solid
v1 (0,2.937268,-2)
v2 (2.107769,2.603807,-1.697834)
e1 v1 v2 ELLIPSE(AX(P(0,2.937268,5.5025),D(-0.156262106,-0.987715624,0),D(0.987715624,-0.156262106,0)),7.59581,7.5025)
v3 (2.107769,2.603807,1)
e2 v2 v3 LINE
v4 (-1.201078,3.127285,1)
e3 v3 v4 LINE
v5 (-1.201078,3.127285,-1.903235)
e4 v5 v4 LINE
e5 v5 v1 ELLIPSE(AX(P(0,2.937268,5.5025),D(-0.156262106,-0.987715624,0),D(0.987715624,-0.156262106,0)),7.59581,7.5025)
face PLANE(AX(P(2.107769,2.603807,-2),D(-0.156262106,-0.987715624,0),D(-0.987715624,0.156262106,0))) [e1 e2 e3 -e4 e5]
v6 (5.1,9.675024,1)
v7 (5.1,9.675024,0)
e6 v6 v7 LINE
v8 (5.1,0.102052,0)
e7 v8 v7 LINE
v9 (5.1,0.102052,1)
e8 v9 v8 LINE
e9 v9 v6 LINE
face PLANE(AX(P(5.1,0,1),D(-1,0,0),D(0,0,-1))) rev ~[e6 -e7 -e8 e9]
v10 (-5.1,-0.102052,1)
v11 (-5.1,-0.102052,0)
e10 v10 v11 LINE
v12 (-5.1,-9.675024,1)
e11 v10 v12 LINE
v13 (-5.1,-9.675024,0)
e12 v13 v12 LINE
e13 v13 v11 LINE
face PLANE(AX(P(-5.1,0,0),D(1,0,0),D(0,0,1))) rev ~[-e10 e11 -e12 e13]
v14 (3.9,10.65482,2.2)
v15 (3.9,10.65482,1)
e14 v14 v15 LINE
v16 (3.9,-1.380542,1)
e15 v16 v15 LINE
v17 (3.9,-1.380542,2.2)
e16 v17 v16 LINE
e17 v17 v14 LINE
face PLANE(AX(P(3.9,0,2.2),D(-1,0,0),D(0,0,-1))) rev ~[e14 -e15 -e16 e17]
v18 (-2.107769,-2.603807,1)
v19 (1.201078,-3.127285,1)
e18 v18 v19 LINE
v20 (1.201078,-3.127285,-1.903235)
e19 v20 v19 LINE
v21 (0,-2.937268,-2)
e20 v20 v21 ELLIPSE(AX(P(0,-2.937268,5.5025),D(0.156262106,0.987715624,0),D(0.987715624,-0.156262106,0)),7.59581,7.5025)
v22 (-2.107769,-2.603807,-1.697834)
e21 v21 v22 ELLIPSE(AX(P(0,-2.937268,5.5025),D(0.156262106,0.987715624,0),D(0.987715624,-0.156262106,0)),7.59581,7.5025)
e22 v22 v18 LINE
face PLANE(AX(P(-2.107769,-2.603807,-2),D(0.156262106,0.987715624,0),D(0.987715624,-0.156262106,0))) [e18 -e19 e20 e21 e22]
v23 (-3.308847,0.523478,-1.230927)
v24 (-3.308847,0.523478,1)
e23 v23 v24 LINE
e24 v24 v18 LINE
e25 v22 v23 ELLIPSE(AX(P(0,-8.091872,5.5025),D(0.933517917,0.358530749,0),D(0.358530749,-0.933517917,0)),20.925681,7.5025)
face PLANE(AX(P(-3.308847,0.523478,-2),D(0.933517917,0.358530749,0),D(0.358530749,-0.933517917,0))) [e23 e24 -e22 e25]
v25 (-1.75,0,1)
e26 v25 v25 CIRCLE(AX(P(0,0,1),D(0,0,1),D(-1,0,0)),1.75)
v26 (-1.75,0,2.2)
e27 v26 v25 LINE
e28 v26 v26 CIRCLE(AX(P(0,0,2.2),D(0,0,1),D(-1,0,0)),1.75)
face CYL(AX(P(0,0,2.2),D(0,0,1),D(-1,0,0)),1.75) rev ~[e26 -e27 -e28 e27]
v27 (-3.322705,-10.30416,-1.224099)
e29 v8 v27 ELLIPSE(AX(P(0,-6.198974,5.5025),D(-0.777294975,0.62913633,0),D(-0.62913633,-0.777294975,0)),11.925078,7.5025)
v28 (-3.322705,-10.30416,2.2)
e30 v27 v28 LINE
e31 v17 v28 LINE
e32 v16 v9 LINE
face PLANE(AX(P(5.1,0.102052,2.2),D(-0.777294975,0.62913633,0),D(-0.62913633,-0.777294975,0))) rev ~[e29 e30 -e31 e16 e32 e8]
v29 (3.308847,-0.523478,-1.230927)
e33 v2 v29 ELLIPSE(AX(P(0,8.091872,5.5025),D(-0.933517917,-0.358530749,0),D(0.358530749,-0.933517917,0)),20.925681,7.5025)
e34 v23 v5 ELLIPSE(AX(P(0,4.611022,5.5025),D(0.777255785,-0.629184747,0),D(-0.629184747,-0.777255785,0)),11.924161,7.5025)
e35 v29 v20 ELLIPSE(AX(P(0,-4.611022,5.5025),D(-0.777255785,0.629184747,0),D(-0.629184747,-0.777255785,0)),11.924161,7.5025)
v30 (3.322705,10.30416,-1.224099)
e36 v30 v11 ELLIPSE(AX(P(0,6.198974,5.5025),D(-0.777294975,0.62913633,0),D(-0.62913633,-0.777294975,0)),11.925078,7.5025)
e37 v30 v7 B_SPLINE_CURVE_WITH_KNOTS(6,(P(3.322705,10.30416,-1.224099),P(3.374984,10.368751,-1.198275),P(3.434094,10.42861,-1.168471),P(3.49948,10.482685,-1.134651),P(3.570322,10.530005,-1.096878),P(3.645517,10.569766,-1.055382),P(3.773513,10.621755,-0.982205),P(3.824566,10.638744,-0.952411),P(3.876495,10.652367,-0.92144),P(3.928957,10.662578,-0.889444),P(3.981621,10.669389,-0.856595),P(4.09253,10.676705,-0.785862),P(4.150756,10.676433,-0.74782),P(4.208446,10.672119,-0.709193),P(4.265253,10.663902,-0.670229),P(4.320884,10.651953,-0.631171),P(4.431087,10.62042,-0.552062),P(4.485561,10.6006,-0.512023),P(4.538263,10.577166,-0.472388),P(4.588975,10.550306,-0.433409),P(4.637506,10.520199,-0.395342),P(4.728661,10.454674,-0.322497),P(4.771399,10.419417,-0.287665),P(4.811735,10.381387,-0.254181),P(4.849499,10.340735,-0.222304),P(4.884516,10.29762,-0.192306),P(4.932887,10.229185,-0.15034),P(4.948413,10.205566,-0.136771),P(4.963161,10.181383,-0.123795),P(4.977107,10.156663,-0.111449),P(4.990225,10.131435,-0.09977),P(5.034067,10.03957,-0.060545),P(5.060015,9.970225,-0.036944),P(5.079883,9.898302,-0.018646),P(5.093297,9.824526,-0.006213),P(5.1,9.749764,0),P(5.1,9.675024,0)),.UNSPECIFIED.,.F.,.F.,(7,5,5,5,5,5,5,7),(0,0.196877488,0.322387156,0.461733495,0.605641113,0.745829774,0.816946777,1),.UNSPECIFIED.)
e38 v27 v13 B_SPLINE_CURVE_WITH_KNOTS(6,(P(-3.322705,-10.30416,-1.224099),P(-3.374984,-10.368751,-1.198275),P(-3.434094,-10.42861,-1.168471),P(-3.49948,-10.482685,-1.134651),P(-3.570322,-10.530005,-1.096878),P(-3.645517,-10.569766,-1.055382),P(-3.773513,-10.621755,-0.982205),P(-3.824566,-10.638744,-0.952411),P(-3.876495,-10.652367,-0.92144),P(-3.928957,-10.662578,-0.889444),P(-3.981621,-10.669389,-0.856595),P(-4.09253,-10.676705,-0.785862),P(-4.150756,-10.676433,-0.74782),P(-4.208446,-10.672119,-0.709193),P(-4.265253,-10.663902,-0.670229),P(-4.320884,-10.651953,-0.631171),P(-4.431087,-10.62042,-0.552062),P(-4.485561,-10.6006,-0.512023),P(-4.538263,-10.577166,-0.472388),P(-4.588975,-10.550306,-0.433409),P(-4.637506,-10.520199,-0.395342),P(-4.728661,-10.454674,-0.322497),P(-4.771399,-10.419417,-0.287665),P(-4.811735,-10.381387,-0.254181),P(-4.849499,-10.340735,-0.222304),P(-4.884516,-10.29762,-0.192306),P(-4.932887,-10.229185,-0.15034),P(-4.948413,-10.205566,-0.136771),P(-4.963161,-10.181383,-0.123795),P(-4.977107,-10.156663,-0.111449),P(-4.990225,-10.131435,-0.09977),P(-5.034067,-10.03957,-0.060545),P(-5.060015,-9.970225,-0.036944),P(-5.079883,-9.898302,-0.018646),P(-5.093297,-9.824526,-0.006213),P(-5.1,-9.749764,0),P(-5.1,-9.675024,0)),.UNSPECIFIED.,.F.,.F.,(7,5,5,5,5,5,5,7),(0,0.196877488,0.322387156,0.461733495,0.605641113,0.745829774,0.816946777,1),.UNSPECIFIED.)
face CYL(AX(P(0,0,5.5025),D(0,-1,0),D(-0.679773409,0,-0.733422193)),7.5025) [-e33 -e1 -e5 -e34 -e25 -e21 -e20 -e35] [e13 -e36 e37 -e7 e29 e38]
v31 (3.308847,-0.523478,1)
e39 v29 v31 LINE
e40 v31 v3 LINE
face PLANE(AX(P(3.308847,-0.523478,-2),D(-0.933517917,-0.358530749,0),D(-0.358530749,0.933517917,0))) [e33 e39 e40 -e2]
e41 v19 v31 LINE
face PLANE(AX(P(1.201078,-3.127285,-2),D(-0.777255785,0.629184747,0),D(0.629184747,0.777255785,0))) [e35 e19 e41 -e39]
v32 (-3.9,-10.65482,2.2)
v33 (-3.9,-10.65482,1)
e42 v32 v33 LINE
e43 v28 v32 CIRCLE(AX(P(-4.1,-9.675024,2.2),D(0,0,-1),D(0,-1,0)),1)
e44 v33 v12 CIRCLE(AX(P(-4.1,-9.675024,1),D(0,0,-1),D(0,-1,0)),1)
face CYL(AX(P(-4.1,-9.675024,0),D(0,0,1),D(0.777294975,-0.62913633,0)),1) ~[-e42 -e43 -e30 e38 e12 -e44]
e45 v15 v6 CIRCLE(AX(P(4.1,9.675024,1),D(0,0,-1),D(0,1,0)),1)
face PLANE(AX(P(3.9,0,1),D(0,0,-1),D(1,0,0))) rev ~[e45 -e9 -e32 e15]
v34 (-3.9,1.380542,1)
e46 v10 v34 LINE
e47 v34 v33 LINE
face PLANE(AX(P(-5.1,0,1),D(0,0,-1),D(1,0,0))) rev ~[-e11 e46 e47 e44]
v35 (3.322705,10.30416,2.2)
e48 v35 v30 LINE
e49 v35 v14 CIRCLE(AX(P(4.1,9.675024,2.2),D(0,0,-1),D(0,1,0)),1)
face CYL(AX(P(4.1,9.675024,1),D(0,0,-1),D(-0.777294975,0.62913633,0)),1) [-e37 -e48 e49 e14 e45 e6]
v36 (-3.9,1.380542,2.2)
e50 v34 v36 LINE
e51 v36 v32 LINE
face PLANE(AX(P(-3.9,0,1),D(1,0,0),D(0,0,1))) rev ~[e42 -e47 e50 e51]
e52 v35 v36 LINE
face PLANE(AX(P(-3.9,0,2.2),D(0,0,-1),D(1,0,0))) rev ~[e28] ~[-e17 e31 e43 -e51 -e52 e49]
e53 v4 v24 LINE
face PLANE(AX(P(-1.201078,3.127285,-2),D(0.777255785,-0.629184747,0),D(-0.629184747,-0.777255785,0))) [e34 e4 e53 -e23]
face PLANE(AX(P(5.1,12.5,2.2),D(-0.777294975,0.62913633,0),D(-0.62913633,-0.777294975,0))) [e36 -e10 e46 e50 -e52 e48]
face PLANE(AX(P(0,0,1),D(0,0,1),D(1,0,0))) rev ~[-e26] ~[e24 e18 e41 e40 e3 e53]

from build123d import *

# Parameters (mm, degrees)
PAD_DEPTH       = 12.5
POCKET_DEPTH    = 4.201
SKETCH003_R     = 1.75
POCKET001_DEPTH = 4.201
POCKET002_DEPTH = 3
FILLET_R        = 1


with BuildPart() as part:
    # Sketch → Pad (new body, symmetric)
    with BuildSketch(Plane.XZ):
        with BuildLine():
            Line((-3.9, 2.2), (3.9, 2.2))
            Line((3.9, 2.2), (3.9, 1))
            Line((3.9, 1), (5.1, 1))
            Line((5.1, 1), (5.1, 0))
            ThreePointArc((-5.1, 0), (0, -2), (5.1, 0))
            Line((-5.1, 0), (-5.1, 1))
            Line((-5.1, 1), (-3.9, 1))
            Line((-3.9, 1), (-3.9, 2.2))
        make_face()
    extrude(amount=PAD_DEPTH, both=True)

    # Sketch002 (on Face4 of Pad) → Pocket (cut, through all)
    with BuildSketch(Plane(origin=(0, 0, 2.2), x_dir=(-1, 0, 0), z_dir=(0, 0, 1))):
        Polygon((-5.1, -0.102052), (5.1, 12.5), (-5.1, 12.5), align=None)
        Polygon((-5.1, -12.5), (5.1, 0.102052), (5.1, -12.5), align=None)
    extrude(amount=-POCKET_DEPTH, mode=Mode.SUBTRACT)

    # Sketch003 (on Face8 of Pocket) → Pocket001 (cut, through all)
    with BuildSketch(Plane(origin=(0, 0, 2.2), x_dir=(-1, 0, 0), z_dir=(0, 0, 1))):
        Circle(SKETCH003_R)
    extrude(amount=-POCKET001_DEPTH, mode=Mode.SUBTRACT)

    # Sketch004 (on DatumPlane) → Pocket002 (cut)
    with BuildSketch(Plane.XY.offset(-2)):
        Polygon((3.308847, -0.523478), (2.107769, 2.603807), (-1.201078, 3.127285), (-3.308847, 0.523478), (-2.107769, -2.603807), (1.201078, -3.127285), align=None)
    extrude(amount=POCKET002_DEPTH, mode=Mode.SUBTRACT)

    # Fillet
    fillet_edges = [part.edges().sort_by_distance(p)[0] for p in [
        (5.1, 12.5, 0.5),
        (-5.1, -12.5, 0.5),
    ]]
    fillet(fillet_edges, radius=FILLET_R)


solid = part.part
